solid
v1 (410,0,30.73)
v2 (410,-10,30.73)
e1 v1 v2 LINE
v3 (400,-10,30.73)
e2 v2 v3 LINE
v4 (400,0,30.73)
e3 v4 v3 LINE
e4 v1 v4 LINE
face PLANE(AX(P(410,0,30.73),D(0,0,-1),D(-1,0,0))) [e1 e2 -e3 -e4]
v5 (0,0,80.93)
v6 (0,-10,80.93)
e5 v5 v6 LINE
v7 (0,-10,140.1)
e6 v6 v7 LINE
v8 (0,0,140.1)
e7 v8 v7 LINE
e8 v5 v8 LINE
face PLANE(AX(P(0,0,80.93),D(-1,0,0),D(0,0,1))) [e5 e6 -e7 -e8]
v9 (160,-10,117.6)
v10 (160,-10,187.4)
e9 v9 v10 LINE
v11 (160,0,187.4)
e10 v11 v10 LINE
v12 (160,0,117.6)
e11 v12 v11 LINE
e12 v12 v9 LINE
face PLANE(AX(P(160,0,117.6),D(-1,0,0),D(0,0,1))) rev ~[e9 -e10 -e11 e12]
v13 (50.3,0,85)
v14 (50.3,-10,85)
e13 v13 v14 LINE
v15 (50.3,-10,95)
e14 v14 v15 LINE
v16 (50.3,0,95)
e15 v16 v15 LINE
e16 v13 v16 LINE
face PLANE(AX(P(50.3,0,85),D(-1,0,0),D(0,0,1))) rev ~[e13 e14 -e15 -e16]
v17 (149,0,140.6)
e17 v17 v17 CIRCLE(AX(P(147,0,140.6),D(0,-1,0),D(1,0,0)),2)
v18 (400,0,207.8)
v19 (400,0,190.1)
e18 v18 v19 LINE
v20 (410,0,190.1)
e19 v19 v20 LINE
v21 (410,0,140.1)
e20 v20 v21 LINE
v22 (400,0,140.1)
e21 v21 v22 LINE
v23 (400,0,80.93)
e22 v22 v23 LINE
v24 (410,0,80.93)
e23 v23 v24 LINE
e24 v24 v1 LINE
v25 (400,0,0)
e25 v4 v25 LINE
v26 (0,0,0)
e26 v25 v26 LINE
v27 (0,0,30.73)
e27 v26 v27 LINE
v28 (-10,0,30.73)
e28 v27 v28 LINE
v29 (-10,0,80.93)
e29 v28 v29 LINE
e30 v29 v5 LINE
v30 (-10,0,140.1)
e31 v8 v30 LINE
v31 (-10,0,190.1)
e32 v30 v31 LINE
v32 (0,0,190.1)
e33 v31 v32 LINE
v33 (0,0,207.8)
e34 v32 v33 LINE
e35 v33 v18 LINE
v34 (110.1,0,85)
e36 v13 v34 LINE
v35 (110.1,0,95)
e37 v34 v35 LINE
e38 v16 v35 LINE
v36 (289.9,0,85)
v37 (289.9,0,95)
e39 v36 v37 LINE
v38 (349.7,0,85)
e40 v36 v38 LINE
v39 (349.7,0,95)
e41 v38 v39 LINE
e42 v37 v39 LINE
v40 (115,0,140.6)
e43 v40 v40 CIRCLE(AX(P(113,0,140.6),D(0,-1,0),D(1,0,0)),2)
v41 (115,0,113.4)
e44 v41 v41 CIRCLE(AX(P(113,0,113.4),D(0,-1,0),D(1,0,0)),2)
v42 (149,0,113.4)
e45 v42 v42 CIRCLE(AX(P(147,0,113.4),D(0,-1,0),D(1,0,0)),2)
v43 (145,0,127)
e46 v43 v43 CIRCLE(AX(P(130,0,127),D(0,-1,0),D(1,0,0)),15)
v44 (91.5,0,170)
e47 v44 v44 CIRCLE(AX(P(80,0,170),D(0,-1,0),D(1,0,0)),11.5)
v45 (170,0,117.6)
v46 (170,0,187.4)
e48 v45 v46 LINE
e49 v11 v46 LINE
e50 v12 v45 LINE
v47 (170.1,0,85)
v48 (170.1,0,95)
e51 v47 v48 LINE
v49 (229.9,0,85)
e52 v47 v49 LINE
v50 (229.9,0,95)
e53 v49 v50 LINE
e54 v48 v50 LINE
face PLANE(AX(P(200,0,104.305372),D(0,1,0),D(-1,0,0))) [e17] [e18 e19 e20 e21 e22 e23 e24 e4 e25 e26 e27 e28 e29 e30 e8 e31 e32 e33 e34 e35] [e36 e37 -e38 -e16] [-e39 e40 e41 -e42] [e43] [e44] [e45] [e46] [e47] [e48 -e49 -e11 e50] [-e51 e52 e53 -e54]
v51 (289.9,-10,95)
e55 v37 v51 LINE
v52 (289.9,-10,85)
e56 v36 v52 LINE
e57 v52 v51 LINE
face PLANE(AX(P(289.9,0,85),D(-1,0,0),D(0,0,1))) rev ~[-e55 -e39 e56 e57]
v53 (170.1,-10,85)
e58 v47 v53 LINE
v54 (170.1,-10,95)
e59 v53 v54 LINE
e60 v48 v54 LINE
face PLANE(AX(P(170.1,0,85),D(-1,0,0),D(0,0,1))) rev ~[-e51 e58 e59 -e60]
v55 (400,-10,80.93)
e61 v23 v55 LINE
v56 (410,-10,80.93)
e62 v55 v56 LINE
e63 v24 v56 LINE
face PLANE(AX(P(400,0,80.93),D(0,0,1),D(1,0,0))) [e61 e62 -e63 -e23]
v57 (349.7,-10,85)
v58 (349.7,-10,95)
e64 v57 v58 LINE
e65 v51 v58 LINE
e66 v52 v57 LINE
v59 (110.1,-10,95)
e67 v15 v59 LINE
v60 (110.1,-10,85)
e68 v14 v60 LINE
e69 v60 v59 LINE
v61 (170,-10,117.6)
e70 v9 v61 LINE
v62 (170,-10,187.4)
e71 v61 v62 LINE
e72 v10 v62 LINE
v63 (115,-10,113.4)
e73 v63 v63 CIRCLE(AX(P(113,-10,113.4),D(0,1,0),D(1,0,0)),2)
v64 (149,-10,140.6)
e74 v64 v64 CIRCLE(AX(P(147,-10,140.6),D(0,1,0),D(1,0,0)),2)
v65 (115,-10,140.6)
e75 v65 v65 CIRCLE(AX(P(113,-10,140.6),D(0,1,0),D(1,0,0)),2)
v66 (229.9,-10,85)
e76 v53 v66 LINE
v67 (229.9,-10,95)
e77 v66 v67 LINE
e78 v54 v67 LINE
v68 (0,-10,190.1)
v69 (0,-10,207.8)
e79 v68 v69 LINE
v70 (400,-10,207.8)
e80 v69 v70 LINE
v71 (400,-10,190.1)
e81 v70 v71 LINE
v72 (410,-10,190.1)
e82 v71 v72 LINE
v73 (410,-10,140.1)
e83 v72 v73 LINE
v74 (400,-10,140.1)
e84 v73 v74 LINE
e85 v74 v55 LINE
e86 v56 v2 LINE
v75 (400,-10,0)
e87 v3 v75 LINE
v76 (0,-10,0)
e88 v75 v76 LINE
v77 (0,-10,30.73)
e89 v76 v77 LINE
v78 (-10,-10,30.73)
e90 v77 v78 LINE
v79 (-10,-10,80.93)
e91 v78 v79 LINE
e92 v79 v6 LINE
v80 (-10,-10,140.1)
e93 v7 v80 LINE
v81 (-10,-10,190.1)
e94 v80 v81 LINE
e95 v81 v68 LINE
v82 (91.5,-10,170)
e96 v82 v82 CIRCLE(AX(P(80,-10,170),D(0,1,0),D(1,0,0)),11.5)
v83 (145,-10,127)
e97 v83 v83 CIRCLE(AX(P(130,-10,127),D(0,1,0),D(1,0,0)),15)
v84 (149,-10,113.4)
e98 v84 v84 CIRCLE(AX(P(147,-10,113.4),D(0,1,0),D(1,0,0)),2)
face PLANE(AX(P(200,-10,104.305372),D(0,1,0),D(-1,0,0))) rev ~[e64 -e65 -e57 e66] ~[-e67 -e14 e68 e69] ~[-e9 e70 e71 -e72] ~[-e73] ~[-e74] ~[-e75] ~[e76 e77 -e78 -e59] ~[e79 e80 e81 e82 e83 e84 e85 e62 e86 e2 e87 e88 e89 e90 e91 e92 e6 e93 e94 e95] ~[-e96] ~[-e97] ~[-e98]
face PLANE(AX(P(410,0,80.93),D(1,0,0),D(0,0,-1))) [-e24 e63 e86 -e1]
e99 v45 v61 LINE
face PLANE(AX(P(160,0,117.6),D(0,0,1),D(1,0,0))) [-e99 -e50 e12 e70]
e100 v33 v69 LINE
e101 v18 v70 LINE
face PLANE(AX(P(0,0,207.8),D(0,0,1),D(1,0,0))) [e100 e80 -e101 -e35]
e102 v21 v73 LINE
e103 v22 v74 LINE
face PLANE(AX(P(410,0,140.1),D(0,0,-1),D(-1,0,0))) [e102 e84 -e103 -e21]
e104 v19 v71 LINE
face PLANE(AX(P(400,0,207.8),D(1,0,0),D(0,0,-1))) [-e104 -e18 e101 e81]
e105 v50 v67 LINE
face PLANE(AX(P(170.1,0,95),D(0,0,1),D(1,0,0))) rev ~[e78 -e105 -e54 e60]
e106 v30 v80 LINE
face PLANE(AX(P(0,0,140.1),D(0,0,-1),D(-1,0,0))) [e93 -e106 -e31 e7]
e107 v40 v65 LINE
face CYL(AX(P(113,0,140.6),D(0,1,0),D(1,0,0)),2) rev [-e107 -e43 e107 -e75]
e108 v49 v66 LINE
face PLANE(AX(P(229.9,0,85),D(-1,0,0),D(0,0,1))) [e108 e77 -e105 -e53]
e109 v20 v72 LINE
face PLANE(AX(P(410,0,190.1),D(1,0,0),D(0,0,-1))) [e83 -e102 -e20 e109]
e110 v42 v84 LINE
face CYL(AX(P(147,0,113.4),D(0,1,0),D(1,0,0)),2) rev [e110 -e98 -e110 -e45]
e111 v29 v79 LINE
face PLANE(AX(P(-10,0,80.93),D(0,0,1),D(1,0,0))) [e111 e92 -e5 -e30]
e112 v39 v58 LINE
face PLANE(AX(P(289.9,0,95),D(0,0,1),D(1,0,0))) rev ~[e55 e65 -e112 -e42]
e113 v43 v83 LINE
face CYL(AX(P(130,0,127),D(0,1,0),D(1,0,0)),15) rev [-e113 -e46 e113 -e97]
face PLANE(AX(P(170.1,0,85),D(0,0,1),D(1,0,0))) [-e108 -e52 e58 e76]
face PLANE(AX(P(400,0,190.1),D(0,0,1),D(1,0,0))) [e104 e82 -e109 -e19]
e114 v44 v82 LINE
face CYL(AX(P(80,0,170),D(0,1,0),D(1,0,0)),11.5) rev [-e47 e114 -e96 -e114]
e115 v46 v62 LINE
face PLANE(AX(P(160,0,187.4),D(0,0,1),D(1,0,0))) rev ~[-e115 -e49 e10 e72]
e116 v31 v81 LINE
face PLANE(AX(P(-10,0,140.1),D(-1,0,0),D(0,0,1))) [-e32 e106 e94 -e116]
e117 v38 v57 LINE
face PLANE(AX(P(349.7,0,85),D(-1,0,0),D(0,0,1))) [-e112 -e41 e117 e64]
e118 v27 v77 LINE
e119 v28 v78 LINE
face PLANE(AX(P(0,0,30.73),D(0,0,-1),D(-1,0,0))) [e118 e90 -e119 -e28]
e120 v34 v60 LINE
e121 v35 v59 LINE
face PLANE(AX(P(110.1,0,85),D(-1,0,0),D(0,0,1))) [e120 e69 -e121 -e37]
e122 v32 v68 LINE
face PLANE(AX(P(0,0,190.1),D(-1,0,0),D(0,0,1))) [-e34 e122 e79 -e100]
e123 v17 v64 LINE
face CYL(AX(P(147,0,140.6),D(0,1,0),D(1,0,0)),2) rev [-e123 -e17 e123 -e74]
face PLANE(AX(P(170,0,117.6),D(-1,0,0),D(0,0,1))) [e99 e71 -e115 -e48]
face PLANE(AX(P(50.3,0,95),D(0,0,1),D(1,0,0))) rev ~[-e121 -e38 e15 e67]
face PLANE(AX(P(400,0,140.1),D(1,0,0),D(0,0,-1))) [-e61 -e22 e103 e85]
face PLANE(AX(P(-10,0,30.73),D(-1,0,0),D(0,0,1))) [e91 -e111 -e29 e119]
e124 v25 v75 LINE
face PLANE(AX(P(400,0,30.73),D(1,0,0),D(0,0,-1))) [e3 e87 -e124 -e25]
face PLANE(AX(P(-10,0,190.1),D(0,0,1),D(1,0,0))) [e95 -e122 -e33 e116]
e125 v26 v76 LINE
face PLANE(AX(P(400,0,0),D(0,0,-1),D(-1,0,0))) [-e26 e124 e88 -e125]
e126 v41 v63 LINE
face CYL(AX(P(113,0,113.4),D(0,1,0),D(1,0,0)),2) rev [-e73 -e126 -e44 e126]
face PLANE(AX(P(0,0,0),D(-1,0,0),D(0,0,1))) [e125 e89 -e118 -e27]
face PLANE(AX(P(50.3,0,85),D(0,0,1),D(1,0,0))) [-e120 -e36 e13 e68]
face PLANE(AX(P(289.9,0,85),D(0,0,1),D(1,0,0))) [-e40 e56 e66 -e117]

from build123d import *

# Parameters (mm, degrees)
SKETCH_W        = 59.8
SKETCH_H        = 10
SKETCH_W_2      = 10
SKETCH_H_2      = 69.8
PAD_DEPTH       = 10
SKETCH001_R     = 2
SKETCH001_R_2   = 15
POCKET_DEPTH    = 10.001
SKETCH002_R     = 11.5
POCKET001_DEPTH = 10.001


with BuildPart() as part:
    # Sketch → Pad (new body)
    with BuildSketch(Plane.XZ):
        Polygon((0, 0), (0, 30.73), (-10, 30.73), (-10, 80.93), (0, 80.93), (0, 140.1), (-10, 140.1), (-10, 190.1), (0, 190.1), (0, 207.8), (400, 207.8), (400, 190.1), (410, 190.1), (410, 140.1), (400, 140.1), (400, 80.93), (410, 80.93), (410, 30.73), (400, 30.73), (400, 0), align=None)
        with Locations((80.2, 90)):
            Rectangle(SKETCH_W, SKETCH_H, mode=Mode.SUBTRACT)
        with Locations((200, 90)):
            Rectangle(SKETCH_W, SKETCH_H, mode=Mode.SUBTRACT)
        with Locations((319.8, 90)):
            Rectangle(SKETCH_W, SKETCH_H, mode=Mode.SUBTRACT)
        with Locations((165, 152.5)):
            Rectangle(SKETCH_W_2, SKETCH_H_2, mode=Mode.SUBTRACT)
    extrude(amount=PAD_DEPTH)

    # Sketch001 → Pocket (cut, through all)
    with BuildSketch(Plane.XZ):
        with Locations((113, 140.6)):
            Circle(SKETCH001_R)
        with Locations((147, 140.6)):
            Circle(SKETCH001_R)
        with Locations((147, 113.4)):
            Circle(SKETCH001_R)
        with Locations((113, 113.4)):
            Circle(SKETCH001_R)
        with Locations((130, 127)):
            Circle(SKETCH001_R_2)
    extrude(amount=POCKET_DEPTH, mode=Mode.SUBTRACT)

    # Sketch002 → Pocket001 (cut, through all)
    with BuildSketch(Plane.XZ):
        with Locations((80, 170)):
            Circle(SKETCH002_R)
    extrude(amount=POCKET001_DEPTH, mode=Mode.SUBTRACT)


solid = part.part
